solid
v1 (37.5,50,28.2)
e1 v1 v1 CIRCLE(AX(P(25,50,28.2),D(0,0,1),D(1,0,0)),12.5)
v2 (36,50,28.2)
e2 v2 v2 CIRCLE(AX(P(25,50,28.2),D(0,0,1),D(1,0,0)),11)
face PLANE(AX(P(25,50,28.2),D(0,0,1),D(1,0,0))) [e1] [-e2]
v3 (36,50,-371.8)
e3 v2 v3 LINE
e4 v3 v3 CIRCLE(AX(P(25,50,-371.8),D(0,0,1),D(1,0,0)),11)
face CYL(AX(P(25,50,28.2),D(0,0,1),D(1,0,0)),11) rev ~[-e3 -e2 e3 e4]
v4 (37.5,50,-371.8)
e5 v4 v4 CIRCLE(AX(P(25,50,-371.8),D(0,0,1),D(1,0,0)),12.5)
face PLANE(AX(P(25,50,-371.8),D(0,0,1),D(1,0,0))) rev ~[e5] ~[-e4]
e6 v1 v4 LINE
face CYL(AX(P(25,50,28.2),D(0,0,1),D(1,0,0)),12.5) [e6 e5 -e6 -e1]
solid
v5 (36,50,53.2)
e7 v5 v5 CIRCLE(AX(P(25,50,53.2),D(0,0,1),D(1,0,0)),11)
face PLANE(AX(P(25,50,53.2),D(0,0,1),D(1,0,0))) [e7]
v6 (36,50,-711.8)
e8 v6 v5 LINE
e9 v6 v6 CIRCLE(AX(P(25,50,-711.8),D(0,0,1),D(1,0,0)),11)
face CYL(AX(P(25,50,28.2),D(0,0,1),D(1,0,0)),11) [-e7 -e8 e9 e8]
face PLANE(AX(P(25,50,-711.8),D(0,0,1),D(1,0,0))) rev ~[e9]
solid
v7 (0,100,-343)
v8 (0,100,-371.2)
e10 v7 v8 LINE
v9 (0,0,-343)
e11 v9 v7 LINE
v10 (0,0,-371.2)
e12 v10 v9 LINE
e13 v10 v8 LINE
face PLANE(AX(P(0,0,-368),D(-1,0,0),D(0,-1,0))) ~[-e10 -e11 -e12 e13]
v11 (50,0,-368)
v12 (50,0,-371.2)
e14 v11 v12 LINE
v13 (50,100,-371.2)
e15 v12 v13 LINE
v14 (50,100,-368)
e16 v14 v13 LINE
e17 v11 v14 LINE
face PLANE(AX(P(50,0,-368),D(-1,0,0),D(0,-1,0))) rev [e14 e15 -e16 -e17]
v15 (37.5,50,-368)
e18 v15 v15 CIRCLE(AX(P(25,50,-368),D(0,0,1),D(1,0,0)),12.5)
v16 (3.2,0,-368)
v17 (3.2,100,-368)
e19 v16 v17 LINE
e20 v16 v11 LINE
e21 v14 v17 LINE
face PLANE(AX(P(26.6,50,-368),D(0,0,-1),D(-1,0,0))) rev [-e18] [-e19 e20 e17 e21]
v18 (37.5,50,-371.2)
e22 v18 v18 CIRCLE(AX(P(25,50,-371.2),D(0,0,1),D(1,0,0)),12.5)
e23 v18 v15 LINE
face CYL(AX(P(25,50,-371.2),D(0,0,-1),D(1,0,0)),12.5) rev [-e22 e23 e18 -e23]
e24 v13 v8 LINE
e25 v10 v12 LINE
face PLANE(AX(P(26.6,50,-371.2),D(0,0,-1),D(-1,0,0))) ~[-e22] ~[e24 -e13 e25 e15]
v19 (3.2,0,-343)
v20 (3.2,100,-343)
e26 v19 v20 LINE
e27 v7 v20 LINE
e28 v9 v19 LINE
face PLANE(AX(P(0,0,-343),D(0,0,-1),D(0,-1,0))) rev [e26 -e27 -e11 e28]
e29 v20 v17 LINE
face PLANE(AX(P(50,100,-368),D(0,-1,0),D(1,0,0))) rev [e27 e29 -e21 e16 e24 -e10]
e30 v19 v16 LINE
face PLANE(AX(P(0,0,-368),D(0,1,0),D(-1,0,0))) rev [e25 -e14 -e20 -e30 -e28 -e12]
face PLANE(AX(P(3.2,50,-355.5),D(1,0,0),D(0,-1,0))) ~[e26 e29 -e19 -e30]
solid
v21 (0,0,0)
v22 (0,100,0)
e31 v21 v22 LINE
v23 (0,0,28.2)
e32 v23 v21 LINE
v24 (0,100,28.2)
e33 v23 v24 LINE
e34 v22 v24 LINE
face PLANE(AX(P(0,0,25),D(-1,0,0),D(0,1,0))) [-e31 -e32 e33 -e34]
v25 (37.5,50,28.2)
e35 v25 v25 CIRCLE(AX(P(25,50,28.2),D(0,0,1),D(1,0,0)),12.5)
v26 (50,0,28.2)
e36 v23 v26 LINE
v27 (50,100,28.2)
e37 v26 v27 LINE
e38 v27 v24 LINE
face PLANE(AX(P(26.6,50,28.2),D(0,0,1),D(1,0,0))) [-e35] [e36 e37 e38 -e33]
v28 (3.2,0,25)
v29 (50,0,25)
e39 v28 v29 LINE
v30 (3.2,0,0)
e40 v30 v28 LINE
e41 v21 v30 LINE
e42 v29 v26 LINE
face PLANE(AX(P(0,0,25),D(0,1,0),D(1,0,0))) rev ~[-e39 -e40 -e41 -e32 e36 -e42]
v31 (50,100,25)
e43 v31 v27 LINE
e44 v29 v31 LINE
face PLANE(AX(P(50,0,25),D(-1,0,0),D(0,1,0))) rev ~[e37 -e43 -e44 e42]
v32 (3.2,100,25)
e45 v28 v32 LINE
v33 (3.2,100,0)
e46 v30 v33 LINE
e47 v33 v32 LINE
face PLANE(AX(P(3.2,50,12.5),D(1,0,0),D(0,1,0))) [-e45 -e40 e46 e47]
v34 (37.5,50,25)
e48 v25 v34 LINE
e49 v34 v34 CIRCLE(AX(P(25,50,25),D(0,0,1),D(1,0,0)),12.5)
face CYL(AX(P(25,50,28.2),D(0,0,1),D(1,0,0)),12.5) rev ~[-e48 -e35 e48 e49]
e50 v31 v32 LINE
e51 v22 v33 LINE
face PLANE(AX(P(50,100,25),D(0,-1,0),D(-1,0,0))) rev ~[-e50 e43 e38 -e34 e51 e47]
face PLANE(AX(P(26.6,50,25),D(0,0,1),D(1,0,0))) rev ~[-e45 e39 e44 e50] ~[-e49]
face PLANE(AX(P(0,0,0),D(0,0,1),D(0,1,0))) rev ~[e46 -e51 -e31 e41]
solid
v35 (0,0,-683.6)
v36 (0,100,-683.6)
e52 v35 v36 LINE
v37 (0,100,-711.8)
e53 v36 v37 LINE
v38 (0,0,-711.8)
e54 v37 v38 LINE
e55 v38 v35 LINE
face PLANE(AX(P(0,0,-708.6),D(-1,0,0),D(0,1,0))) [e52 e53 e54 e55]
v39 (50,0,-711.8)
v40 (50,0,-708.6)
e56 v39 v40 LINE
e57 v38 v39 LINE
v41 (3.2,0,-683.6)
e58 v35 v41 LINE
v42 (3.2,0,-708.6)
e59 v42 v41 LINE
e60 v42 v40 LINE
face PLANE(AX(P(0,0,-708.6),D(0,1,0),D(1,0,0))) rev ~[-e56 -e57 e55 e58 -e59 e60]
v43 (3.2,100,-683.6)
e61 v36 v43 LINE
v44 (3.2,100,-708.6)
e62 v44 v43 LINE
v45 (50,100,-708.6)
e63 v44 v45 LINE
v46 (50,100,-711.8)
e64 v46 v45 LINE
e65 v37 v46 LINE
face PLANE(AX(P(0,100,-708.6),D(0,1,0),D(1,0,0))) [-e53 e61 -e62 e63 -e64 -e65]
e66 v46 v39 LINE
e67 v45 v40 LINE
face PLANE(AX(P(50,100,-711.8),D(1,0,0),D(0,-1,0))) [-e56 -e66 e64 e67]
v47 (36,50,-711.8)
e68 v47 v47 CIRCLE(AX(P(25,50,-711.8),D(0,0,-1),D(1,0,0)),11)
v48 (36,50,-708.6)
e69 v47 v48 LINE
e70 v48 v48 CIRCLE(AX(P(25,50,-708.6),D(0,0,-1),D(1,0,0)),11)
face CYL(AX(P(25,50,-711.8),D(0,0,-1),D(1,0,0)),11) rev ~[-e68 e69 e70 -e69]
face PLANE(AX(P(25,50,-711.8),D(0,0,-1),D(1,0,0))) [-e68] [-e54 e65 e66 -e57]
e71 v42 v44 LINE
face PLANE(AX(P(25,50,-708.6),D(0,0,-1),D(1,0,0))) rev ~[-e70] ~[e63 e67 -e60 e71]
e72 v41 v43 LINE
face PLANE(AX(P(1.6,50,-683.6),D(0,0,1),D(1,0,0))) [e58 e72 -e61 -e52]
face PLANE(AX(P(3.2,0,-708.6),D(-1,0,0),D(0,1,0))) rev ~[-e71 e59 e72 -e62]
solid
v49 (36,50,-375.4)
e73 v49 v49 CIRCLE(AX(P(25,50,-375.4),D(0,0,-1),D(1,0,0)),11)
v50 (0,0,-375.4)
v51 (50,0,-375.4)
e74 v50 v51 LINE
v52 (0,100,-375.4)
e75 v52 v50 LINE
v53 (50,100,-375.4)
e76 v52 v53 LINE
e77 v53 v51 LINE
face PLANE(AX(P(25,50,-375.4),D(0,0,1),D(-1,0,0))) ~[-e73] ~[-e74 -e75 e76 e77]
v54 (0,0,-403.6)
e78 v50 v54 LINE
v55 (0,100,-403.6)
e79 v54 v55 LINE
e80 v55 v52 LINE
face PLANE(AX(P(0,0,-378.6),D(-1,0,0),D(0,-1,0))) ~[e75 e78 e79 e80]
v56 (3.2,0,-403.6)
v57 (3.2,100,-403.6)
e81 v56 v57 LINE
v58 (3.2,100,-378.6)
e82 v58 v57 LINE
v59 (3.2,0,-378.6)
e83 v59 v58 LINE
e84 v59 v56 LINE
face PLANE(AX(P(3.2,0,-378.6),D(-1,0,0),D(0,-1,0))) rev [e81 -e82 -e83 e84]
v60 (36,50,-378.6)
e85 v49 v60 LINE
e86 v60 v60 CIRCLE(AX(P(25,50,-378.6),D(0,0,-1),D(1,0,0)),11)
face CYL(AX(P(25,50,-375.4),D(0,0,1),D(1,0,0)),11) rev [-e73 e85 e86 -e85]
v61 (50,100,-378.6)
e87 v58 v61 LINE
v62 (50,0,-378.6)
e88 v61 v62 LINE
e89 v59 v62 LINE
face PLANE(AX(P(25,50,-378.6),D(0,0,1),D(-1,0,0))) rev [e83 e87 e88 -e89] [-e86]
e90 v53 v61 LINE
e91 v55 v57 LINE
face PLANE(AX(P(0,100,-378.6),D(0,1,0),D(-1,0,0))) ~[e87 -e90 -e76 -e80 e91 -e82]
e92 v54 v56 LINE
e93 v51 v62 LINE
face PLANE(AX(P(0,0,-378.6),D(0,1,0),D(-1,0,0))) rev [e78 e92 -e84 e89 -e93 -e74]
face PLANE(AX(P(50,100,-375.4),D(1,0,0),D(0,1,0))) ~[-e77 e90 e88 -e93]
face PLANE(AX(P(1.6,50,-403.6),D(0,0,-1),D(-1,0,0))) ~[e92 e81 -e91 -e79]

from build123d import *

# Parameters (mm, degrees)
F0_W          = 100
F0_H          = 25
F1_DEPTH      = 3.2
F2_W          = 46.8
F2_H          = 100
F2_W_2        = 3.2
F3_DEPTH      = 3.2
F4_R          = 12.5
F5_DEPTH      = 400
F7_T          = -1.5
F8_R          = 11
F9_DEPTH      = 25
F9_DEPTH_BACK = 740
F12_W         = 50
F12_H         = 100
F12_R         = 11
F13_DEPTH     = 3.2
F14_W         = 3.2
F14_H         = 100
F15_DEPTH     = 25


with BuildPart() as f1:
    # F0 (on Right) → F1 (new body)
    with BuildSketch(Plane.YZ):
        with Locations((50, 12.5)):
            Rectangle(F0_W, F0_H)
    extrude(amount=F1_DEPTH)

    # F2 (on face) → F3 (join)
    with BuildSketch(Plane.XY.offset(25)):
        with Locations((26.6, 50)):
            Rectangle(F2_W, F2_H)
        with Locations((1.6, 50)):
            Rectangle(F2_W_2, F2_H)
    extrude(amount=F3_DEPTH)


with BuildPart() as f5:
    # F4 (on face) → F5 (new body)
    with BuildSketch(Plane.XY.offset(28.2)):
        with Locations((25, 50)):
            Circle(F4_R)
    extrude(amount=-F5_DEPTH)


with BuildPart() as f1_1:
    add(f1.part)

    # F6: cut F5
    add(f5.part, mode=Mode.SUBTRACT)


with BuildPart() as f5_1:
    add(f5.part)

    # F7
    f7_openings = [f5_1.faces().sort_by_distance(p)[0] for p in [
        (25, 50, 28.2),
        (25, 50, -371.8),
    ]]
    offset(amount=F7_T, openings=f7_openings)


with BuildPart() as f9:
    # F8 (on face) → F9 (new body, two sides)
    with BuildSketch(Plane.XY.offset(28.2)) as f9_sk:
        with Locations((25, 50)):
            Circle(F8_R)
    extrude(amount=F9_DEPTH)
    extrude(f9_sk.sketch, amount=-F9_DEPTH_BACK)


with BuildPart() as f11_1:
    # F11: instance of F1
    add(f1_1.part.mirror(Plane.XY.offset(-171.5)))


with BuildPart() as f13:
    # F12 (on face) → F13 (new body)
    with BuildSketch(Plane(origin=(0, 0, -711.8), x_dir=(1, 0, 0), z_dir=(0, 0, -1))):
        with Locations((25, -50)):
            Rectangle(F12_W, F12_H)
        with Locations((25, -50)):
            Circle(F12_R, mode=Mode.SUBTRACT)
    extrude(amount=-F13_DEPTH)

    # F14 (on face) → F15 (join)
    with BuildSketch(Plane.XY.offset(-708.6)):
        with Locations((1.6, 50)):
            Rectangle(F14_W, F14_H)
    extrude(amount=F15_DEPTH)


with BuildPart() as f17_1:
    # F17: instance of F13
    add(f13.part.mirror(Plane(origin=(26.7414490953, 50, -543.6), x_dir=(1, 0, 0), z_dir=(0, 0, 1))))


solid = Compound([f1_1.part, f5_1.part, f9.part, f11_1.part, f13.part, f17_1.part])
